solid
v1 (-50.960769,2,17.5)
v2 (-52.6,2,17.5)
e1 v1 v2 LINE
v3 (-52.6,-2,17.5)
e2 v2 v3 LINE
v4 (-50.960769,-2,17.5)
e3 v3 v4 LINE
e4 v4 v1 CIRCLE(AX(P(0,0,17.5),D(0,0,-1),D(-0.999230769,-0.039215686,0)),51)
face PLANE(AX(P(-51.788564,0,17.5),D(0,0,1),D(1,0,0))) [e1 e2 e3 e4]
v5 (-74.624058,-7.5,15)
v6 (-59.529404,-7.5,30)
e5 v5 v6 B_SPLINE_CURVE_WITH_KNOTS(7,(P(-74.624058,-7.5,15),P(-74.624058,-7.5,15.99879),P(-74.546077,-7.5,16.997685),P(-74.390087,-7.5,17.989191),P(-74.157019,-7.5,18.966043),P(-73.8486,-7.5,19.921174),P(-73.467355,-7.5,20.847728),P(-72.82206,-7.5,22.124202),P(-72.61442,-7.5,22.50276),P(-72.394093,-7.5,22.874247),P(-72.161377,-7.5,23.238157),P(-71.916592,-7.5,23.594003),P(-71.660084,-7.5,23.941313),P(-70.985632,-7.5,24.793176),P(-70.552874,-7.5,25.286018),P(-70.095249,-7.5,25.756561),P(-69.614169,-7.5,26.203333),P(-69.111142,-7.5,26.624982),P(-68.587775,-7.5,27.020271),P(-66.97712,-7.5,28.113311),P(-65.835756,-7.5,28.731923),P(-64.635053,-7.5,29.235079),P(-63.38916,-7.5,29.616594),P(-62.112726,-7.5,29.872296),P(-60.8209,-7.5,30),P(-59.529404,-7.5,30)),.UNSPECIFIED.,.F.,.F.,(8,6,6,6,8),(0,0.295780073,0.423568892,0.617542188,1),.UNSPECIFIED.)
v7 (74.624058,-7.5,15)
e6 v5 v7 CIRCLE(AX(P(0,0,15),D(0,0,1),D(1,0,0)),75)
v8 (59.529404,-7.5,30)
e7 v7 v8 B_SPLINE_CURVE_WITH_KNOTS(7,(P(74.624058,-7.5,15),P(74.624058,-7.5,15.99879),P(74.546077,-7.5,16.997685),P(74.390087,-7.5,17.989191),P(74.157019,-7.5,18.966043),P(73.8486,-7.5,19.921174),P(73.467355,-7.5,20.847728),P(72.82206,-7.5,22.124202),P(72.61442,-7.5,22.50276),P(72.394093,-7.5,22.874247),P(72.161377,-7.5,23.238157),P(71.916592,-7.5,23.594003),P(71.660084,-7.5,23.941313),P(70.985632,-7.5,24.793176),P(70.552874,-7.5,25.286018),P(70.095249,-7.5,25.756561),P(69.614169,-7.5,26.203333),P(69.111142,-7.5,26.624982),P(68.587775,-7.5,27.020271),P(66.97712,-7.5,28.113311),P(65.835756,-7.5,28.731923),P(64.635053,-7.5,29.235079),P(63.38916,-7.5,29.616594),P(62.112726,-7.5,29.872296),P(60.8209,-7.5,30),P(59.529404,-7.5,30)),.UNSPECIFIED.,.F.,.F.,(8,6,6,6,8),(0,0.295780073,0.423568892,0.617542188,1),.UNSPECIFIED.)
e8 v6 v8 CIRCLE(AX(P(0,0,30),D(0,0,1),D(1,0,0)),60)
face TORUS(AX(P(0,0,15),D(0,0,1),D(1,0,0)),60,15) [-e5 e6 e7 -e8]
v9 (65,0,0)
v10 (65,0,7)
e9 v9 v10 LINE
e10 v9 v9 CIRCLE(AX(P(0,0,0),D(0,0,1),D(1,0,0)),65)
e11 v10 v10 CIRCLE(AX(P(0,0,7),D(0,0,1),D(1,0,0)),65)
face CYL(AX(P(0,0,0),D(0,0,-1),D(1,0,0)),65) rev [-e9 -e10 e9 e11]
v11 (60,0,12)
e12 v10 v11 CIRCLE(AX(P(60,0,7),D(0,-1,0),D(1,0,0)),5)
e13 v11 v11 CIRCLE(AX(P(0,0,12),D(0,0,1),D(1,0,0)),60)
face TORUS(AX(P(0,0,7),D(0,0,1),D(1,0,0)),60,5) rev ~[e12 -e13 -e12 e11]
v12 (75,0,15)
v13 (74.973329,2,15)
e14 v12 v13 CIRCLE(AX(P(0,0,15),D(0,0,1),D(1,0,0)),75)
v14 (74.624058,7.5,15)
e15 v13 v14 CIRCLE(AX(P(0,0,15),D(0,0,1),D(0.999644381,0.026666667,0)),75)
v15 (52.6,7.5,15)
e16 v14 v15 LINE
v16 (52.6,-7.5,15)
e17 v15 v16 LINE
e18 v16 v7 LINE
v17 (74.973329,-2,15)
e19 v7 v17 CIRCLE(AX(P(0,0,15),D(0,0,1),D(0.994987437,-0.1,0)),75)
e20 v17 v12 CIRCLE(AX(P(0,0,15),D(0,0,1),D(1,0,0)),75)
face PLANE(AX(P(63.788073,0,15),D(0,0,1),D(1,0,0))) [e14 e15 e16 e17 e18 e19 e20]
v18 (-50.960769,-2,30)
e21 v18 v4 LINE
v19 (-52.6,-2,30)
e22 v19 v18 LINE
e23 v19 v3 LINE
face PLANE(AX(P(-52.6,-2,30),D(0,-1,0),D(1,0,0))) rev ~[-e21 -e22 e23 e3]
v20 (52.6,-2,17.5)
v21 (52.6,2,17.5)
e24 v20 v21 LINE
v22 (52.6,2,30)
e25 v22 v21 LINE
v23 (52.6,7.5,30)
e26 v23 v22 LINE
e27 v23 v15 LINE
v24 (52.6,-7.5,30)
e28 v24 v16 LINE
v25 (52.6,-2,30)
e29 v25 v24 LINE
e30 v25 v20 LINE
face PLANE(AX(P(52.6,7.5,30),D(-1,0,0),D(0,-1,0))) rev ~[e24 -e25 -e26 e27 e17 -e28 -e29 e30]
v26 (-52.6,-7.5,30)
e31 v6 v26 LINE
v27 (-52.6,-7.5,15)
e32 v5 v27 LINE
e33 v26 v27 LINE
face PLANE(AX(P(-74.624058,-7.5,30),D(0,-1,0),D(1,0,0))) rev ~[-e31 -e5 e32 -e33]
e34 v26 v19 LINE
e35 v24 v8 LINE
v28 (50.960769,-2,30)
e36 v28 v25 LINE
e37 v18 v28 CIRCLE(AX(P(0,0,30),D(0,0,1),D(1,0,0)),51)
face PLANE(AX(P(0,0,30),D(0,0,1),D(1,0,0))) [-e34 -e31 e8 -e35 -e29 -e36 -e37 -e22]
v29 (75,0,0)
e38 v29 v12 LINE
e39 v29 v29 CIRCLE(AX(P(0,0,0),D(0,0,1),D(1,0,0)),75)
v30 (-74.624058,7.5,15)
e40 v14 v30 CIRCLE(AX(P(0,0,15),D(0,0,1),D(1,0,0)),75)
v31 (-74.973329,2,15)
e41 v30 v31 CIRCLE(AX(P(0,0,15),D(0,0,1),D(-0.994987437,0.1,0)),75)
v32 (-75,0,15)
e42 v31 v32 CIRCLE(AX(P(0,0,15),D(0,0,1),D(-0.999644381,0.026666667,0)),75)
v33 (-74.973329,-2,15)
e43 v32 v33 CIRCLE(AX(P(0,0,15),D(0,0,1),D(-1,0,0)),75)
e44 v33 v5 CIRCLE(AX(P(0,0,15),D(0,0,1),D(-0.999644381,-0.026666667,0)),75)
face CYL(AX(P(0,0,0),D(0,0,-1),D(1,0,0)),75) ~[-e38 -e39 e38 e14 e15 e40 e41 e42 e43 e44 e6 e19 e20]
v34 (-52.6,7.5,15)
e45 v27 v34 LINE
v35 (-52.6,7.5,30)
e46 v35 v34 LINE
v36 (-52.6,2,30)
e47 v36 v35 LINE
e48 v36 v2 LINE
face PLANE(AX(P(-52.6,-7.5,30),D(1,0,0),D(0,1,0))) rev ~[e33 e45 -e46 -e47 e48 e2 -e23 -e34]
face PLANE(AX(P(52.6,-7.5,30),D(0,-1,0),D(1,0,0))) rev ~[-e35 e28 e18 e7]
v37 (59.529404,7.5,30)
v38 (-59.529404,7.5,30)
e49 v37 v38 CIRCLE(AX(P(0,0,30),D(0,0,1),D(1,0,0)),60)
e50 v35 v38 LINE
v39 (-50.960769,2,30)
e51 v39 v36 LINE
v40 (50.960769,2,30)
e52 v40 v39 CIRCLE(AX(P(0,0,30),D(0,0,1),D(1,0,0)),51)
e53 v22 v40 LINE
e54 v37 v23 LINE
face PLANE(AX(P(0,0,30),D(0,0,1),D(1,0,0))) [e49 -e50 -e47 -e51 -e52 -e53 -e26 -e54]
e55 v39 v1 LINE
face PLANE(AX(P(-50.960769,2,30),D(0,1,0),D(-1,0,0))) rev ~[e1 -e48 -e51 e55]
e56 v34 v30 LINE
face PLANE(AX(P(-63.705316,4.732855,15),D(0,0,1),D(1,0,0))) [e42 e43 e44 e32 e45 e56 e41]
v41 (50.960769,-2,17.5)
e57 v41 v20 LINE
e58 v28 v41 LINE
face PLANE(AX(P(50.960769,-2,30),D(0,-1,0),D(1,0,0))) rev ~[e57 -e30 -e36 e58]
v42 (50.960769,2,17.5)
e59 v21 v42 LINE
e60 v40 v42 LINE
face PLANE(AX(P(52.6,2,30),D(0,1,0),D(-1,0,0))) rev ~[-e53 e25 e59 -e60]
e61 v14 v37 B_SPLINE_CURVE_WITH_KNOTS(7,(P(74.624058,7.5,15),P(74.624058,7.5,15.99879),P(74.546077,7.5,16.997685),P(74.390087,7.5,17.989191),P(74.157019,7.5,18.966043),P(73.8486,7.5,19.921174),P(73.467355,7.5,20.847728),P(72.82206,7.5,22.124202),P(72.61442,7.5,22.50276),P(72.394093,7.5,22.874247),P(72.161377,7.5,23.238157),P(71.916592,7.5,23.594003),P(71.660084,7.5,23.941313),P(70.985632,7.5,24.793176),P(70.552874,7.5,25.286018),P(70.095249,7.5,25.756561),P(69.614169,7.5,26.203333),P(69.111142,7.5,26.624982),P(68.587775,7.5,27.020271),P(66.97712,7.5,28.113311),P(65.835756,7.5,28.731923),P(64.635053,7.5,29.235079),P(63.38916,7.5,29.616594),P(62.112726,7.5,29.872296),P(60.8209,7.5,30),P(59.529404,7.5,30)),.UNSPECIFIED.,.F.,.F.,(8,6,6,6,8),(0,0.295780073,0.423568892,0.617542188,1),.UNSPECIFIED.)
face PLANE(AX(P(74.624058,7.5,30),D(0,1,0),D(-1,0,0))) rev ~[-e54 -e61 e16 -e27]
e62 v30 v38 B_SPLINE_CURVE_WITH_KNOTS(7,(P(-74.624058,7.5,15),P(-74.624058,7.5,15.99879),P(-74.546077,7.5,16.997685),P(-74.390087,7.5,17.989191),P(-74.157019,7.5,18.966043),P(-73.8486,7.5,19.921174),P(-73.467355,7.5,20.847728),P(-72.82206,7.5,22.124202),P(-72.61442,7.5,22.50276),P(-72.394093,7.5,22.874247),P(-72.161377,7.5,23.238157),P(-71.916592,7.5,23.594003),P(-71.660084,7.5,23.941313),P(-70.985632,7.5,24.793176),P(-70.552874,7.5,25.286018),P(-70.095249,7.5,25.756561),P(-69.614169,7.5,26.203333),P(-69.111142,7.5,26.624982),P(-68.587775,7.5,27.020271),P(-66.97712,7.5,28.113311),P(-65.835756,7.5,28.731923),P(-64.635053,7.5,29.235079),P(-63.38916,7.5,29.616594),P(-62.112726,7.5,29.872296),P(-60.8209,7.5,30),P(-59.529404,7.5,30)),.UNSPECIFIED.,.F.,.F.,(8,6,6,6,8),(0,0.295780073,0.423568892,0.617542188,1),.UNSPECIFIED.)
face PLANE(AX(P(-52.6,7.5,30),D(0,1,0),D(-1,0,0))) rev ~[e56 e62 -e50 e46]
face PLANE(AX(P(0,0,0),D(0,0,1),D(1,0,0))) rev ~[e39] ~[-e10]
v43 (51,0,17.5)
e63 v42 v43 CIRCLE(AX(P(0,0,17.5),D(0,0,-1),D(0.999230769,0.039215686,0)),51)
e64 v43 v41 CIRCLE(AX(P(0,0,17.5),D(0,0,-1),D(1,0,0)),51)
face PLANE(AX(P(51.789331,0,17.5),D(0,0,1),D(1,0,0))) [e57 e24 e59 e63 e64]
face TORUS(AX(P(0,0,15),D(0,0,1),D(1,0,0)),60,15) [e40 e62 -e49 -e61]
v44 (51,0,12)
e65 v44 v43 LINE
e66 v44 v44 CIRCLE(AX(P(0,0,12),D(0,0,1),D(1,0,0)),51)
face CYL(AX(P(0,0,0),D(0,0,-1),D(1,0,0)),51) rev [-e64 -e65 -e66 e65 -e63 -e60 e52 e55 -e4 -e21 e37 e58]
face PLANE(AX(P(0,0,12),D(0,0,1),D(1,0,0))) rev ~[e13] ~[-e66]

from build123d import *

# Parameters (mm, degrees)
F0_R     = 75
F0_R_2   = 65
F0_R_3   = 51
F1_DEPTH = 30
F3_DEPTH = 12
F4_R     = 5
F5_R     = 15
F6_DEPTH = 15
F7_DEPTH = 12.5


with BuildPart() as f1:
    # F0 (on Top) → F1 (new body)
    with BuildSketch(Plane.XY):
        Circle(F0_R)
        Circle(F0_R_2, mode=Mode.SUBTRACT)
        Circle(F0_R_2)
        Circle(F0_R_3, mode=Mode.SUBTRACT)
    extrude(amount=F1_DEPTH)

    # F0 (on Top) → F3 (cut)
    with BuildSketch(Plane.XY):
        Circle(F0_R_2)
        Circle(F0_R_3, mode=Mode.SUBTRACT)
    extrude(amount=F3_DEPTH, mode=Mode.SUBTRACT)

    # F4
    f4_edges = [f1.edges().sort_by_distance(p)[0] for p in [
        (-65, 0, 12),
    ]]
    fillet(f4_edges, radius=F4_R)

    # F5
    f5_edges = [f1.edges().sort_by_distance(p)[0] for p in [
        (-75, 0, 30),
    ]]
    fillet(f5_edges, radius=F5_R)

    # F2 (on face) → F6 (cut)
    with BuildSketch(Plane.XY.offset(30)):
        with BuildLine():
            Line((52.6, -2), (74.9733285909, -2))
            ThreePointArc((74.9733285909, -2), (74.9933318513, -1.0000889166), (75, 0))
            ThreePointArc((75, 0), (74.9933318513, 1.0000889166), (74.9733285909, 2))
            Line((74.9733285909, 2), (52.6, 2))
            Line((52.6, 2), (52.6, -2))
        make_face()
        with BuildLine():
            Line((52.6, 2), (74.9733285909, 2))
            ThreePointArc((74.9733285909, 2), (74.8492284695, 4.7532091816), (74.624057783, 7.5))
            Line((74.624057783, 7.5), (52.6, 7.5))
            Line((52.6, 7.5), (52.6, 2))
        make_face()
        with BuildLine():
            ThreePointArc((74.624057783, -7.5), (74.8492284695, -4.7532091816), (74.9733285909, -2))
            Line((74.9733285909, -2), (52.6, -2))
            Line((52.6, -2), (52.6, -7.5))
            Line((52.6, -7.5), (74.624057783, -7.5))
        make_face()
        with BuildLine():
            Line((-52.6, 7.5), (-74.624057783, 7.5))
            ThreePointArc((-74.624057783, 7.5), (-74.8492284695, 4.7532091816), (-74.9733285909, 2))
            Line((-74.9733285909, 2), (-52.6, 2))
            Line((-52.6, 2), (-52.6, 7.5))
        make_face()
        with BuildLine():
            ThreePointArc((-75, 0), (-74.9933318513, -1.0000889166), (-74.9733285909, -2))
            Line((-74.9733285909, -2), (-52.6, -2))
            Line((-52.6, -2), (-52.6, 2))
            Line((-52.6, 2), (-74.9733285909, 2))
            ThreePointArc((-74.9733285909, 2), (-74.9933318513, 1.0000889166), (-75, 0))
        make_face()
        with BuildLine():
            ThreePointArc((-74.9733285909, -2), (-74.8492284695, -4.7532091816), (-74.624057783, -7.5))
            Line((-74.624057783, -7.5), (-52.6, -7.5))
            Line((-52.6, -7.5), (-52.6, -2))
            Line((-52.6, -2), (-74.9733285909, -2))
        make_face()
    extrude(amount=-F6_DEPTH, mode=Mode.SUBTRACT)

    # F2 (on face) → F7 (cut)
    with BuildSketch(Plane.XY.offset(30)):
        with BuildLine():
            Line((-52.6, -2), (-50.960769225, -2))
            ThreePointArc((-50.960769225, -2), (-51, 0), (-50.960769225, 2))
            Line((-50.960769225, 2), (-52.6, 2))
            Line((-52.6, 2), (-52.6, -2))
        make_face()
        with BuildLine():
            Line((50.960769225, -2), (52.6, -2))
            Line((52.6, -2), (52.6, 2))
            Line((52.6, 2), (50.960769225, 2))
            ThreePointArc((50.960769225, 2), (50.990191363, 1.0001923632), (51, 0))
            ThreePointArc((51, 0), (50.990191363, -1.0001923632), (50.960769225, -2))
        make_face()
    extrude(amount=-F7_DEPTH, mode=Mode.SUBTRACT)


solid = f1.part
